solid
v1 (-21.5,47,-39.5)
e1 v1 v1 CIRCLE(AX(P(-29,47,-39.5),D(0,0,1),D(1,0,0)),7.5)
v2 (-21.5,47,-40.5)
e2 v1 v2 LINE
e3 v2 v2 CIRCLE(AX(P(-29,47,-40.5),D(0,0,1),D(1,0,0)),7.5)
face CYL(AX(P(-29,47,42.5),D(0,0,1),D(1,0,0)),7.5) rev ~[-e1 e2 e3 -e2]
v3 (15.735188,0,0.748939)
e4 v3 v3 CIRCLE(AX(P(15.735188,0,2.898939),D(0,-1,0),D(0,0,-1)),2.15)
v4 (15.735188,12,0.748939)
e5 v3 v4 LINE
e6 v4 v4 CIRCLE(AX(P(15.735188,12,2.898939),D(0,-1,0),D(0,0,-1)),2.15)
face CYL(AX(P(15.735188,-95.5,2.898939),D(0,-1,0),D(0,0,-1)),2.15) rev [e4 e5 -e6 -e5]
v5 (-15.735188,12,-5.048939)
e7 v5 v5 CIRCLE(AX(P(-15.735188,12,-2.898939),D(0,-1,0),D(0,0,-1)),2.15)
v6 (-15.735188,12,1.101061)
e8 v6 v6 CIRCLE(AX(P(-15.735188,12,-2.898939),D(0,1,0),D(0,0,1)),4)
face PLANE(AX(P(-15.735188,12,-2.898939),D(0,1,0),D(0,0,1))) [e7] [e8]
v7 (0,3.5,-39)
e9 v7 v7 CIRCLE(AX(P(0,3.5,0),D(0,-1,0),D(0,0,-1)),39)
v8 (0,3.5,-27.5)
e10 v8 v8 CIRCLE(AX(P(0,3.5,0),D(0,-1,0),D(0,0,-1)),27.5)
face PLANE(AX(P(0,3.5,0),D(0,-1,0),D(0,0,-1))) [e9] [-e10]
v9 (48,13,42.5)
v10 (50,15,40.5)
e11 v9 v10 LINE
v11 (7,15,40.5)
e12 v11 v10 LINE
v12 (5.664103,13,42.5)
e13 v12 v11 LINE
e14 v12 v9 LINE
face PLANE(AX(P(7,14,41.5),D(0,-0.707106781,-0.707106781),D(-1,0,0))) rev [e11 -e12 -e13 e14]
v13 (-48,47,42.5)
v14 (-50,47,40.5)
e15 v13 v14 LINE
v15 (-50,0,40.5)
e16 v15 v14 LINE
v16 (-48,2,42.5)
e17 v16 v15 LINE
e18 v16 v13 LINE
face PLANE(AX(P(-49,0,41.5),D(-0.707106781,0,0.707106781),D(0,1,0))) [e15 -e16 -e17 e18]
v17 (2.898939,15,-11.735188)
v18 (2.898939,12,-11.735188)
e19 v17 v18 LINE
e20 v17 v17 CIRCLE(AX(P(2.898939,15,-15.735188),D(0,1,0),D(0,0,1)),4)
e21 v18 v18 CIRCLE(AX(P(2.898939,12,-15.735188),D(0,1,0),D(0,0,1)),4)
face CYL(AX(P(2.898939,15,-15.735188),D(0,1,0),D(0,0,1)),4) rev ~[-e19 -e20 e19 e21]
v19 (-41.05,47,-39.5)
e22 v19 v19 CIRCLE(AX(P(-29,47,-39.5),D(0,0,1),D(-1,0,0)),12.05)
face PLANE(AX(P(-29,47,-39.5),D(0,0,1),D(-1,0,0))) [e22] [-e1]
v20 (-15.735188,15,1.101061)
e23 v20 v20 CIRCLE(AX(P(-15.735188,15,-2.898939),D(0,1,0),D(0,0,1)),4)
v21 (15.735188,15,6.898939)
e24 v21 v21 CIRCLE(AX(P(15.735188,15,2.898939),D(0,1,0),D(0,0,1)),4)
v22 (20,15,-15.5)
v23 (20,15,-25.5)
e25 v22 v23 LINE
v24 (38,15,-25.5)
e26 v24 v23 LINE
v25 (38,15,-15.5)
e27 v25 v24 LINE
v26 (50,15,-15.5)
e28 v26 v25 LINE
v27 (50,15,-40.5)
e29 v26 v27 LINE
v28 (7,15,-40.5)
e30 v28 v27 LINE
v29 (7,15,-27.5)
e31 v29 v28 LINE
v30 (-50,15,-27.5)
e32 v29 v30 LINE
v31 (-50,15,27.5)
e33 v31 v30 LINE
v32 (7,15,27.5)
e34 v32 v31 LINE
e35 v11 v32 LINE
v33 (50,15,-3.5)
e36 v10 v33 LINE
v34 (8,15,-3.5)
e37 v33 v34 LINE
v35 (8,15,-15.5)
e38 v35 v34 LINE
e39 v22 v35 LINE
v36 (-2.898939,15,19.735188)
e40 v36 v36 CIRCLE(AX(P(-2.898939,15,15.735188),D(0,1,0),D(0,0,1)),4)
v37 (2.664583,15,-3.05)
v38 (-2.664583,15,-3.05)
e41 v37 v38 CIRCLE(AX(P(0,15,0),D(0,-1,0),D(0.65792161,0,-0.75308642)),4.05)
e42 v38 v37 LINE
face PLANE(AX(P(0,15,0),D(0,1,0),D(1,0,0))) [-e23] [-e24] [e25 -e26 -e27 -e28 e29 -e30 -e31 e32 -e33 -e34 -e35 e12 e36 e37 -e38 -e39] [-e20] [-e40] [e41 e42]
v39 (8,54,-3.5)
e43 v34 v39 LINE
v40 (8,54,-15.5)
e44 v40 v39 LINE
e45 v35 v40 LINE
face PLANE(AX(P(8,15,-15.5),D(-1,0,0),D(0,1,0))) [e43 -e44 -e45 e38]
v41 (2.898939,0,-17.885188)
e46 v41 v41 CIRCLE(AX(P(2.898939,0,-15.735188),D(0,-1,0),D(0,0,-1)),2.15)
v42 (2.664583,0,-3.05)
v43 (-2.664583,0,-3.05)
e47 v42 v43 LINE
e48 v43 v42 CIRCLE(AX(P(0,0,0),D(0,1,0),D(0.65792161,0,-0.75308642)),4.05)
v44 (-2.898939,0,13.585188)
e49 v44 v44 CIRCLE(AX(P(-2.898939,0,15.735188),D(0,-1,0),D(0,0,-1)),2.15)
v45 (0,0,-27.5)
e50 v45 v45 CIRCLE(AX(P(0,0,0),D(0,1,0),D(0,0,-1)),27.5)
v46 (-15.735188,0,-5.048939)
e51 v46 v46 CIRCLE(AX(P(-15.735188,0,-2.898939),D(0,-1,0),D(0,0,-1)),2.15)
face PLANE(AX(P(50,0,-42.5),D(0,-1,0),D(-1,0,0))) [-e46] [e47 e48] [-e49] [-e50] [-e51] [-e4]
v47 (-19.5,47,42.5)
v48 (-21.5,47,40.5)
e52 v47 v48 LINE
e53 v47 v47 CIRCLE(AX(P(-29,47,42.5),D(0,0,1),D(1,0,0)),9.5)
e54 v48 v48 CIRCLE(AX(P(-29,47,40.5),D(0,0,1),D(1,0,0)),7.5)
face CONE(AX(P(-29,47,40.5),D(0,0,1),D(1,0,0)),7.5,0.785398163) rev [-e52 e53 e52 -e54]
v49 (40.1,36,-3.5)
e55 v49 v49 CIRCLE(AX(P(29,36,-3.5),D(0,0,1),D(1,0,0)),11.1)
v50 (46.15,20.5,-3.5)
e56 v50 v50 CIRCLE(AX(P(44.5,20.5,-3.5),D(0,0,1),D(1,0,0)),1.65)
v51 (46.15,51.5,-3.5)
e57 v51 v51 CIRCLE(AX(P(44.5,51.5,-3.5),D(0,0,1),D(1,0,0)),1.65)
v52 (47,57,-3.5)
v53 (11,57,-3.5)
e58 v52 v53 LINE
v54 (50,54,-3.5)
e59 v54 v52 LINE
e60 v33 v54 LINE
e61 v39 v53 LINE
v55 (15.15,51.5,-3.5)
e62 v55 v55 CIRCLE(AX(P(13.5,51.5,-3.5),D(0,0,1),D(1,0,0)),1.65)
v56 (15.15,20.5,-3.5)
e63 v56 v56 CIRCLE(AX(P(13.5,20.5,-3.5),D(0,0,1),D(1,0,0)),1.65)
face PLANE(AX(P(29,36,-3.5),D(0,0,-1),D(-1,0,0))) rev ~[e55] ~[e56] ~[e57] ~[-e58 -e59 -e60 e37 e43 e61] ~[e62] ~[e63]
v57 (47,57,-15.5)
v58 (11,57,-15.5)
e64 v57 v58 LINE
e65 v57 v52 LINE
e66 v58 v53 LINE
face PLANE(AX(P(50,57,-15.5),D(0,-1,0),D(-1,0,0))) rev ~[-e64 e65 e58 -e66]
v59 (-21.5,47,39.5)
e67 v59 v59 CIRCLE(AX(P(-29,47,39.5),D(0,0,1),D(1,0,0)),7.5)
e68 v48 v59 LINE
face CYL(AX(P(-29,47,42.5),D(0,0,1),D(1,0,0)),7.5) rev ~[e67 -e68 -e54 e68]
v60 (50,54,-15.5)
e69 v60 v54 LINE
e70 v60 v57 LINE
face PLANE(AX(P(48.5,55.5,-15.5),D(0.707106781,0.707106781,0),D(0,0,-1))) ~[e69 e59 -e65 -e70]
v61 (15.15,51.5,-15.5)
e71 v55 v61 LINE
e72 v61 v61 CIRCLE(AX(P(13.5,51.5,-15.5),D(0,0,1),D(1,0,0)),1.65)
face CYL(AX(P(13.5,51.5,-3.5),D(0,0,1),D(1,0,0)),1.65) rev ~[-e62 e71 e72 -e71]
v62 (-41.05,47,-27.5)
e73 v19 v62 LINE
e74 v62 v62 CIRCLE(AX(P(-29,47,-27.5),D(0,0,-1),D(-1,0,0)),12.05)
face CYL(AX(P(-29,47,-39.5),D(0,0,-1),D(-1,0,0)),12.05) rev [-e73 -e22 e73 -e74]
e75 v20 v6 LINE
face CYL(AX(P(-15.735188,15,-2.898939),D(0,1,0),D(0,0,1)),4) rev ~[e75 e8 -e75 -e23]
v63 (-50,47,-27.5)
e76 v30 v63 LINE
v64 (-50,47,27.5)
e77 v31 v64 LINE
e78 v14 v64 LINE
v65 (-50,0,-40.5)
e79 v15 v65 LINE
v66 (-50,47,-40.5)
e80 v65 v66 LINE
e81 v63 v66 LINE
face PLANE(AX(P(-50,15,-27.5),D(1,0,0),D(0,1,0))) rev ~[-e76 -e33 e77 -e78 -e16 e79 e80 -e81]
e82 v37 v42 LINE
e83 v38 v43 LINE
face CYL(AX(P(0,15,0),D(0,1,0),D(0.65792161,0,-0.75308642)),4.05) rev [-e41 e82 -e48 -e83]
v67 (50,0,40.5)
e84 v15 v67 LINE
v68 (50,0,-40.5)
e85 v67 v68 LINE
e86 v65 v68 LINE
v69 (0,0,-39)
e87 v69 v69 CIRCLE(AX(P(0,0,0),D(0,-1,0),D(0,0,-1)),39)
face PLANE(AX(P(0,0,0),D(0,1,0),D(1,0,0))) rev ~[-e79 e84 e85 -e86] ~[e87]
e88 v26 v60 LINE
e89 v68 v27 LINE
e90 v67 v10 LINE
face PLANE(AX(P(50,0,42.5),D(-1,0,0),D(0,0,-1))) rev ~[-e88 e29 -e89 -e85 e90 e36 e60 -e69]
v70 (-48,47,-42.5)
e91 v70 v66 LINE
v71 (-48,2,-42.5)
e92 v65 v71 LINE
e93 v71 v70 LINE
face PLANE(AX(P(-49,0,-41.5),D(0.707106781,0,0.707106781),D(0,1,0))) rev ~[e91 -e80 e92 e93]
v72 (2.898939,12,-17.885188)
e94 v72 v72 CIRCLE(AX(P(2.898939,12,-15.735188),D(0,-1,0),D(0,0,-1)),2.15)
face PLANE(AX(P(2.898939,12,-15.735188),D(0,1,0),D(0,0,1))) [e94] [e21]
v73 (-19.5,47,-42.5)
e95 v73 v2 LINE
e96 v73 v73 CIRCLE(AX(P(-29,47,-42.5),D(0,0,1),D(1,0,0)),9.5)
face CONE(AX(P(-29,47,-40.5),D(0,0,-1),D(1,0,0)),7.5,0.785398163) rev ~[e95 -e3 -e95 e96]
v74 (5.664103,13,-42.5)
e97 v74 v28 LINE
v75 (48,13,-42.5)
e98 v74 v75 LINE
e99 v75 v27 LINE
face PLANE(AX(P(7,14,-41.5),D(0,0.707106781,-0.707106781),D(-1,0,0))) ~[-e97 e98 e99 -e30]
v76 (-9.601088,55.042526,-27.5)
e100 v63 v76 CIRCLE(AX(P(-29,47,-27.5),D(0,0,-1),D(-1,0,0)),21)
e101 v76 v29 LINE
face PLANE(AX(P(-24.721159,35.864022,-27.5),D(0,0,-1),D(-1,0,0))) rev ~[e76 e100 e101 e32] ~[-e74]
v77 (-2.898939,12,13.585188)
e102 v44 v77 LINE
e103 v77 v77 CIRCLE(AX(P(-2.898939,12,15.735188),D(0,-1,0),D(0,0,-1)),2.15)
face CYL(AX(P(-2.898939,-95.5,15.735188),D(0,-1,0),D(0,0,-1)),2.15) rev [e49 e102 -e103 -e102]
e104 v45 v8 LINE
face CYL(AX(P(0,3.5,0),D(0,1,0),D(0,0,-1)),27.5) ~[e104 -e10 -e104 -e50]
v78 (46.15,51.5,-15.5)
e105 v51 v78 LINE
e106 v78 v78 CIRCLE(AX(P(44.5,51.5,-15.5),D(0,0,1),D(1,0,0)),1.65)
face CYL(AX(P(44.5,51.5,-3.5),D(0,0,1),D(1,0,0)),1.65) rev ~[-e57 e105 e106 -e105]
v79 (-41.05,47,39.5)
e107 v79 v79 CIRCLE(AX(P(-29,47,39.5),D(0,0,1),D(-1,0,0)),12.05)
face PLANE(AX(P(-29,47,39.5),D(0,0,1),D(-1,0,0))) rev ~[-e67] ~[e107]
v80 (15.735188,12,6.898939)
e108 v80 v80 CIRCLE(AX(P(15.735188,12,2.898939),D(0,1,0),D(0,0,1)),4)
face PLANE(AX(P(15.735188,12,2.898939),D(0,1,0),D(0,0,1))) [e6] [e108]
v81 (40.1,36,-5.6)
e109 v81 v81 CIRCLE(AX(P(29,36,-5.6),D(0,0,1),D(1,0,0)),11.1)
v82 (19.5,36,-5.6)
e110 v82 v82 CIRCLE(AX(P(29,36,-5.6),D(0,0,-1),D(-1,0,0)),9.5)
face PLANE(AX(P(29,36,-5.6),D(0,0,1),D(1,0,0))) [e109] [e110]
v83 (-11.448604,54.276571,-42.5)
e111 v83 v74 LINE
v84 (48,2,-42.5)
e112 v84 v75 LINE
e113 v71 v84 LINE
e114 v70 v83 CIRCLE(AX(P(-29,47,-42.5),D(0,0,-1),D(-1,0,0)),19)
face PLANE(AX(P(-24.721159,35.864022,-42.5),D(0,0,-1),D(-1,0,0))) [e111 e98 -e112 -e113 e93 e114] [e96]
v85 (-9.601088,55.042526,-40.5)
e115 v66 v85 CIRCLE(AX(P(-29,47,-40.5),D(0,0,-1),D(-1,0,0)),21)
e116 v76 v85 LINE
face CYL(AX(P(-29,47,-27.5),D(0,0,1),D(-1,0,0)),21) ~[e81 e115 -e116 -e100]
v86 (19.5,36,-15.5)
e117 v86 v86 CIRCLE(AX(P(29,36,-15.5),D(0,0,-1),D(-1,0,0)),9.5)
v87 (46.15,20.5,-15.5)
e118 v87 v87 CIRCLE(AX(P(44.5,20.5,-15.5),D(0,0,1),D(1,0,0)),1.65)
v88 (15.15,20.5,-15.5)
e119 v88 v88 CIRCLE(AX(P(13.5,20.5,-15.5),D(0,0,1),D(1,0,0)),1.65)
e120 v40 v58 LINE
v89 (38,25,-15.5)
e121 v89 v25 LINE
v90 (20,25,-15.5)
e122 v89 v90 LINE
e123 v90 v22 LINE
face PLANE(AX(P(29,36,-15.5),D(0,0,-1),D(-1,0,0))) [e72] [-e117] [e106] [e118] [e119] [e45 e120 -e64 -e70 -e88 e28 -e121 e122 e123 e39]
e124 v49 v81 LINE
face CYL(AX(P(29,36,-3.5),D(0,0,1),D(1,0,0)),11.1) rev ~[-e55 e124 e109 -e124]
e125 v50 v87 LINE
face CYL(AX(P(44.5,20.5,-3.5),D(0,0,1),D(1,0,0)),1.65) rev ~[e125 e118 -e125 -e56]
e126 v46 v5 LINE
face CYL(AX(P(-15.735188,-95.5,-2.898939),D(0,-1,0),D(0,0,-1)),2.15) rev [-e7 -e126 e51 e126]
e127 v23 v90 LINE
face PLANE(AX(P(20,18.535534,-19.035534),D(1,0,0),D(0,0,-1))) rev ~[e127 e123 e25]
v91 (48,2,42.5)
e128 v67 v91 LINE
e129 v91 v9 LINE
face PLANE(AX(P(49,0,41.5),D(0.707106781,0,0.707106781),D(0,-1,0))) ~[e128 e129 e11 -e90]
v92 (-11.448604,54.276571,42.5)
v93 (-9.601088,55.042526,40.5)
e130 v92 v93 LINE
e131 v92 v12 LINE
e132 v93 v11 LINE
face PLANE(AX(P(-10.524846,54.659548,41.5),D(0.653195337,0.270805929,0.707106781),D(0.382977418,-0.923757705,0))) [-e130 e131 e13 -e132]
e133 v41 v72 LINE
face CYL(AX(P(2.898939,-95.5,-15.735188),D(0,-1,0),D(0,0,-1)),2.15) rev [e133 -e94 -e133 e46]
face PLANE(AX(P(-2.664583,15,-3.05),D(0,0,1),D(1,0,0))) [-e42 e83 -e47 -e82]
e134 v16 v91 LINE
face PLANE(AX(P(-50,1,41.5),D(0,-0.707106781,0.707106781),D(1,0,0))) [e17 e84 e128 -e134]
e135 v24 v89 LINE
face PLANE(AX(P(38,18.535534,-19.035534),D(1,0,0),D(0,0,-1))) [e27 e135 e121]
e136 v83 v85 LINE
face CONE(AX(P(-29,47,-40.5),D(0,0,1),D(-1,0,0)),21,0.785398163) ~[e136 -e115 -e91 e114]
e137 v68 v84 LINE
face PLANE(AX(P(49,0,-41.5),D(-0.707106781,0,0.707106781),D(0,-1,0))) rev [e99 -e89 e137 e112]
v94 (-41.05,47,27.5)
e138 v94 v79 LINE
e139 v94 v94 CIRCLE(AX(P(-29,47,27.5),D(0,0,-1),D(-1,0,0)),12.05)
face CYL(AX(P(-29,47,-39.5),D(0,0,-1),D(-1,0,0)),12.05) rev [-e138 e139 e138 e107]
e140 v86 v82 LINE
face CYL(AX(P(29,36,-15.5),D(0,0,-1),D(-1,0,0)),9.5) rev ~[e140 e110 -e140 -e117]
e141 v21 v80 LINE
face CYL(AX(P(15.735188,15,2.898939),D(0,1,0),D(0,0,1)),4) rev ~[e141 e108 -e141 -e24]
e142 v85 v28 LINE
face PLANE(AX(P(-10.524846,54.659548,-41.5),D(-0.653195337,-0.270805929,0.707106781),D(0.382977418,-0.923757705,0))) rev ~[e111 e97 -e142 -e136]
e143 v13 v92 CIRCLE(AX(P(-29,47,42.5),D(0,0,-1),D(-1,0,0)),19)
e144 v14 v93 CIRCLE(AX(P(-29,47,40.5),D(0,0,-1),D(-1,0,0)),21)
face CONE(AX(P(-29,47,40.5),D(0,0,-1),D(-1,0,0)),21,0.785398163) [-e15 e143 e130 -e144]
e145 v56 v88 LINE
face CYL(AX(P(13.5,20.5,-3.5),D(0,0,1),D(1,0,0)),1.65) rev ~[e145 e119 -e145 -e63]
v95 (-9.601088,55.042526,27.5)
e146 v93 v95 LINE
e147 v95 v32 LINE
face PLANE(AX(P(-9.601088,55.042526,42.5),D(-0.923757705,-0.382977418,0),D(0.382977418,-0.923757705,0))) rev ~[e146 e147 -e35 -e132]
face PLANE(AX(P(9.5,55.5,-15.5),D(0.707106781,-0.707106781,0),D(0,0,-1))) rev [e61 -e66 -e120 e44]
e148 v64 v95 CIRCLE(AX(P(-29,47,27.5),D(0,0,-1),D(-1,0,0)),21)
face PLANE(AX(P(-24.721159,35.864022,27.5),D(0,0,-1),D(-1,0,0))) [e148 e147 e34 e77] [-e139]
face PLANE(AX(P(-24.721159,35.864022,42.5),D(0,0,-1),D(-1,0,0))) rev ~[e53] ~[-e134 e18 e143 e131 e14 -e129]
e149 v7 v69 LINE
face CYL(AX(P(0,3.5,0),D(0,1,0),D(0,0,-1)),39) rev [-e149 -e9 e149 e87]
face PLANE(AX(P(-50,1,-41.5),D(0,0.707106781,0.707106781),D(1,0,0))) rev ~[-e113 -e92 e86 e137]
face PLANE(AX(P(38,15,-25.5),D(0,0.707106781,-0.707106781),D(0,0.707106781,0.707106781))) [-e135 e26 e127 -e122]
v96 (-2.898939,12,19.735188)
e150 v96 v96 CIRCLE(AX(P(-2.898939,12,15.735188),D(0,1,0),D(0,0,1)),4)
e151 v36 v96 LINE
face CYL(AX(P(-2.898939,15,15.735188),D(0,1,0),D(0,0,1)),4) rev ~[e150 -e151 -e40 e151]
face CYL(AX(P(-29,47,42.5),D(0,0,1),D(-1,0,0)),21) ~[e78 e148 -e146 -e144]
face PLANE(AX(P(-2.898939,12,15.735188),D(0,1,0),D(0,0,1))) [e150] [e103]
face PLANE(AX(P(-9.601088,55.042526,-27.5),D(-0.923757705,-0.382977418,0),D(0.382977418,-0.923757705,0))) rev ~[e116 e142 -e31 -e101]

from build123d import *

# Parameters (mm, degrees)
SKETCH_1_W               = 100
SKETCH_1_H               = 85
EXTRUDE_1_DEPTH          = 15
EXTRUDE_2_DEPTH          = 15
EXTRUDE_START            = -27
SKETCH_3_W               = 42
SKETCH_3_H               = 42
EXTRUDE_3_DEPTH          = 12
CHAMFER_1_SIZE           = 3
EXTRUDE_START_2          = -15
EXTRUDE_4_DEPTH          = 15
SKETCH_6_R               = 27.5
EXTRUDE_5_DEPTH          = 23
SKETCH_7_R               = 24
EXTRUDE_6_DEPTH          = 7
SKETCH_8_R               = 12.5
EXTRUDE_7_DEPTH          = 7
SKETCH_9_R               = 9.5
CUT_EXTRUDE_1_DEPTH      = 15
SKETCH_11_R              = 27.5
EXTRUDE_9_DEPTH          = 2
CUT_EXTRUDE_2_DEPTH      = 39.5
CUT_EXTRUDE_2_DEPTH_BACK = 39.5
SKETCH_12_R              = 12.05
SKETCH_13_R              = 7.5
CUT_EXTRUDE_3_DEPTH      = 120.787311515
CHAMFER_2_SIZE           = 2
CHAMFER_3_SIZE           = 2
CUT_EXTRUDE_START        = -3.5
SKETCH_10_R              = 39
SKETCH_10_R_2            = 27.5
CUT_EXTRUDE_4_DEPTH      = 3.5
SKETCH_15_R              = 1.65
CUT_EXTRUDE_5_DEPTH      = 97.124918726
SKETCH_16_W              = 105.441549674
SKETCH_16_H              = 43.677503156
CUT_EXTRUDE_6_DEPTH      = 120.787311515
CUT_EXTRUDE_7_DEPTH      = 95.5
CUT_EXTRUDE_7_DEPTH_BACK = 95.5
SKETCH_17_R              = 2.15
SKETCH_18_R              = 4
CUT_EXTRUDE_8_DEPTH      = 3
CUT_EXTRUDE_9_DEPTH      = 85.351941294
SKETCH_20_R              = 11.1
CUT_EXTRUDE_10_DEPTH     = 2.1
EXTRUDE_START_3          = -12
EXTRUDE_10_DEPTH         = 18


with BuildPart() as part:
    # 草图1 → 凸台-拉伸1 (new body)
    with BuildSketch(Plane(origin=(0, 0, 0), x_dir=(1, 0, 0), z_dir=(0, 1, 0))):
        Rectangle(SKETCH_1_W, SKETCH_1_H)
    extrude(amount=EXTRUDE_1_DEPTH)

    # 草图2 → 凸台-拉伸2 (add)
    with BuildSketch(Plane.XY.offset(42.5)):
        with BuildLine():
            Line((-50, 15), (-50, 47))
            ThreePointArc((-50, 47), (-33.100173908, 67.595838753), (-9.601088198, 55.042525778))
            Line((-9.601088198, 55.042525778), (7, 15))
            Line((7, 15), (-50, 15))
        make_face()
    extrude(amount=-EXTRUDE_2_DEPTH)

    # 草图3 → 凸台-拉伸3 (add)
    with BuildSketch(Plane(origin=(0, 0, -42.5), x_dir=(-1, 0, 0), z_dir=(0, 0, -1)).offset(EXTRUDE_START)):
        with Locations((-29, 36)):
            Rectangle(SKETCH_3_W, SKETCH_3_H)
    extrude(amount=-EXTRUDE_3_DEPTH)

    # 倒角1
    chamfer_1_edges = [part.edges().sort_by_distance(p)[0] for p in [
        (50, 57, -9.5),
        (8, 57, -9.5),
    ]]
    chamfer(chamfer_1_edges, length=CHAMFER_1_SIZE)

    # 草图5 → 凸台-拉伸4 (add)
    with BuildSketch(Plane(origin=(0, 0, -42.5), x_dir=(-1, 0, 0), z_dir=(0, 0, -1)).offset(EXTRUDE_START_2)):
        with BuildLine():
            Line((-7, 15), (50, 15))
            Line((50, 15), (50, 47))
            ThreePointArc((50, 47), (33.100173908, 67.595838753), (9.601088198, 55.042525778))
            Line((9.601088198, 55.042525778), (-7, 15))
        make_face()
    extrude(amount=EXTRUDE_4_DEPTH)

    # 草图6 → 凸台-拉伸5 (add)
    with BuildSketch(Plane.XZ):
        with Locations(Location((0, 0, 0), (0, 0, 270))):
            Circle(SKETCH_6_R)
    extrude(amount=EXTRUDE_5_DEPTH)

    # 草图7 → 凸台-拉伸6 (add)
    with BuildSketch(Plane.XZ.offset(23)):
        with Locations(Location((0, 0, 0), (0, 0, 270))):
            Circle(SKETCH_7_R)
    extrude(amount=EXTRUDE_6_DEPTH)

    # 草图8 → 凸台-拉伸7 (add)
    with BuildSketch(Plane.XZ.offset(30)):
        with Locations(Location((0, 0, 0), (0, 0, 270))):
            Circle(SKETCH_8_R)
    extrude(amount=EXTRUDE_7_DEPTH)

    # 草图9 → 切除-拉伸1 (cut)
    with BuildSketch(Plane(origin=(0, 0, -15.5), x_dir=(-1, 0, 0), z_dir=(0, 0, -1))):
        with Locations((-29, 36)):
            Circle(SKETCH_9_R)
    extrude(amount=-CUT_EXTRUDE_1_DEPTH, mode=Mode.SUBTRACT)

    # 草图11 → 凸台-拉伸9 (add)
    with BuildSketch(Plane.XZ.offset(30)):
        with Locations(Location((0, 0, 0), (0, 0, 270))):
            Circle(SKETCH_11_R)
    extrude(amount=EXTRUDE_9_DEPTH)

    # 草图12 → 切除-拉伸2 (cut, two sides: drawn at the far end of the back side and taken through both)
    with BuildSketch(Plane.XY.offset(-CUT_EXTRUDE_2_DEPTH_BACK)):
        with Locations(Location((-29, 47, 0), (0, 0, 180))):
            Circle(SKETCH_12_R)
    extrude(amount=CUT_EXTRUDE_2_DEPTH + CUT_EXTRUDE_2_DEPTH_BACK, mode=Mode.SUBTRACT)

    # 草图13 → 切除-拉伸3 (cut, through all)
    with BuildSketch(Plane.XY.offset(42.5)):
        with Locations((-29, 47)):
            Circle(SKETCH_13_R)
    extrude(amount=-CUT_EXTRUDE_3_DEPTH, mode=Mode.SUBTRACT)

    # 倒角2
    chamfer_2_edges = [part.edges().sort_by_distance(p)[0] for p in [
        (-36.5, 47, 42.5),
        (28.5, 15, 42.5),
        (-1.300544099, 35.021262889, 42.5),
        (-33.100173908, 67.595838753, 42.5),
        (0, 0, 42.5),
        (50, 7.5, 42.5),
        (-50, 23.5, 42.5),
    ]]
    chamfer(chamfer_2_edges, length=CHAMFER_2_SIZE)

    # 倒角3
    chamfer_3_edges = [part.edges().sort_by_distance(p)[0] for p in [
        (0, 0, -42.5),
        (-1.300544099, 35.021262889, -42.5),
        (-33.100173908, 67.595838753, -42.5),
        (28.5, 15, -42.5),
        (-50, 23.5, -42.5),
        (50, 7.5, -42.5),
        (-36.5, 47, -42.5),
    ]]
    chamfer(chamfer_3_edges, length=CHAMFER_3_SIZE)

    # 草图10 → 切除-拉伸4 (cut)
    with BuildSketch(Plane.XZ.offset(CUT_EXTRUDE_START)):
        with Locations(Location((0, 0, 0), (0, 0, 270))):
            Circle(SKETCH_10_R)
        with Locations(Location((0, 0, 0), (0, 0, 270))):
            Circle(SKETCH_10_R_2, mode=Mode.SUBTRACT)
    extrude(amount=CUT_EXTRUDE_4_DEPTH, mode=Mode.SUBTRACT)

    # 草图15 → 切除-拉伸5 (cut, through all)
    with BuildSketch(Plane.XY.offset(-3.5)):
        with Locations((44.5, 51.5)):
            Circle(SKETCH_15_R)
        with Locations((13.5, 51.5)):
            Circle(SKETCH_15_R)
        with Locations((13.5, 20.5)):
            Circle(SKETCH_15_R)
        with Locations((44.5, 20.5)):
            Circle(SKETCH_15_R)
    extrude(amount=-CUT_EXTRUDE_5_DEPTH, mode=Mode.SUBTRACT)

    # 草图16 → 切除-拉伸6 (cut, through all)
    with BuildSketch(Plane(origin=(0, 0, -42.5), x_dir=(-1, 0, 0), z_dir=(0, 0, -1))):
        with Locations((2.720774837, -21.838751578)):
            Rectangle(SKETCH_16_W, SKETCH_16_H)
    extrude(amount=-CUT_EXTRUDE_6_DEPTH, mode=Mode.SUBTRACT)

    # 草图17 → 切除-拉伸7 (cut, two sides: drawn at the far end of the back side and taken through both)
    with BuildSketch(Plane(origin=(0, 0, 0), x_dir=(1, 0, 0), z_dir=(0, 1, 0)).offset(-CUT_EXTRUDE_7_DEPTH_BACK)):
        with Locations(Location((-2.898938749, -15.735188405, 0), (0, 0, 90))):
            Circle(SKETCH_17_R)
        with Locations(Location((-15.735188405, 2.898938749, 0), (0, 0, 90))):
            Circle(SKETCH_17_R)
        with Locations(Location((2.898938749, 15.735188405, 0), (0, 0, 90))):
            Circle(SKETCH_17_R)
        with Locations(Location((15.735188405, -2.898938749, 0), (0, 0, 90))):
            Circle(SKETCH_17_R)
    extrude(amount=CUT_EXTRUDE_7_DEPTH + CUT_EXTRUDE_7_DEPTH_BACK, mode=Mode.SUBTRACT)

    # 草图18 → 切除-拉伸8 (cut)
    with BuildSketch(Plane(origin=(0, 15, 0), x_dir=(1, 0, 0), z_dir=(0, 1, 0))):
        with Locations(Location((2.898938749, 15.735188405, 0), (0, 0, 270))):
            Circle(SKETCH_18_R)
        with Locations(Location((15.735188405, -2.898938749, 0), (0, 0, 270))):
            Circle(SKETCH_18_R)
        with Locations(Location((-2.898938749, -15.735188405, 0), (0, 0, 270))):
            Circle(SKETCH_18_R)
        with Locations(Location((-15.735188405, 2.898938749, 0), (0, 0, 270))):
            Circle(SKETCH_18_R)
    extrude(amount=-CUT_EXTRUDE_8_DEPTH, mode=Mode.SUBTRACT)

    # 草图19 → 切除-拉伸9 (cut, through all)
    with BuildSketch(Plane(origin=(0, 15, 0), x_dir=(1, 0, 0), z_dir=(0, 1, 0))):
        with BuildLine():
            Line((-2.664582519, 3.05), (2.664582519, 3.05))
            ThreePointArc((2.664582519, 3.05), (0, -4.05), (-2.664582519, 3.05))
        make_face()
    extrude(amount=-CUT_EXTRUDE_9_DEPTH, mode=Mode.SUBTRACT)

    # 草图20 → 切除-拉伸10 (cut)
    with BuildSketch(Plane.XY.offset(-3.5)):
        with Locations((29, 36)):
            Circle(SKETCH_20_R)
    extrude(amount=-CUT_EXTRUDE_10_DEPTH, mode=Mode.SUBTRACT)

    # 草图21 → 凸台-拉伸10 (add)
    with BuildSketch(Plane(origin=(50, 0, 0), x_dir=(0, 0, -1), z_dir=(1, 0, 0)).offset(EXTRUDE_START_3)):
        Polygon((15.5, 25), (15.5, 15), (25.5, 15), align=None)
    extrude(amount=-EXTRUDE_10_DEPTH)


solid = part.part
